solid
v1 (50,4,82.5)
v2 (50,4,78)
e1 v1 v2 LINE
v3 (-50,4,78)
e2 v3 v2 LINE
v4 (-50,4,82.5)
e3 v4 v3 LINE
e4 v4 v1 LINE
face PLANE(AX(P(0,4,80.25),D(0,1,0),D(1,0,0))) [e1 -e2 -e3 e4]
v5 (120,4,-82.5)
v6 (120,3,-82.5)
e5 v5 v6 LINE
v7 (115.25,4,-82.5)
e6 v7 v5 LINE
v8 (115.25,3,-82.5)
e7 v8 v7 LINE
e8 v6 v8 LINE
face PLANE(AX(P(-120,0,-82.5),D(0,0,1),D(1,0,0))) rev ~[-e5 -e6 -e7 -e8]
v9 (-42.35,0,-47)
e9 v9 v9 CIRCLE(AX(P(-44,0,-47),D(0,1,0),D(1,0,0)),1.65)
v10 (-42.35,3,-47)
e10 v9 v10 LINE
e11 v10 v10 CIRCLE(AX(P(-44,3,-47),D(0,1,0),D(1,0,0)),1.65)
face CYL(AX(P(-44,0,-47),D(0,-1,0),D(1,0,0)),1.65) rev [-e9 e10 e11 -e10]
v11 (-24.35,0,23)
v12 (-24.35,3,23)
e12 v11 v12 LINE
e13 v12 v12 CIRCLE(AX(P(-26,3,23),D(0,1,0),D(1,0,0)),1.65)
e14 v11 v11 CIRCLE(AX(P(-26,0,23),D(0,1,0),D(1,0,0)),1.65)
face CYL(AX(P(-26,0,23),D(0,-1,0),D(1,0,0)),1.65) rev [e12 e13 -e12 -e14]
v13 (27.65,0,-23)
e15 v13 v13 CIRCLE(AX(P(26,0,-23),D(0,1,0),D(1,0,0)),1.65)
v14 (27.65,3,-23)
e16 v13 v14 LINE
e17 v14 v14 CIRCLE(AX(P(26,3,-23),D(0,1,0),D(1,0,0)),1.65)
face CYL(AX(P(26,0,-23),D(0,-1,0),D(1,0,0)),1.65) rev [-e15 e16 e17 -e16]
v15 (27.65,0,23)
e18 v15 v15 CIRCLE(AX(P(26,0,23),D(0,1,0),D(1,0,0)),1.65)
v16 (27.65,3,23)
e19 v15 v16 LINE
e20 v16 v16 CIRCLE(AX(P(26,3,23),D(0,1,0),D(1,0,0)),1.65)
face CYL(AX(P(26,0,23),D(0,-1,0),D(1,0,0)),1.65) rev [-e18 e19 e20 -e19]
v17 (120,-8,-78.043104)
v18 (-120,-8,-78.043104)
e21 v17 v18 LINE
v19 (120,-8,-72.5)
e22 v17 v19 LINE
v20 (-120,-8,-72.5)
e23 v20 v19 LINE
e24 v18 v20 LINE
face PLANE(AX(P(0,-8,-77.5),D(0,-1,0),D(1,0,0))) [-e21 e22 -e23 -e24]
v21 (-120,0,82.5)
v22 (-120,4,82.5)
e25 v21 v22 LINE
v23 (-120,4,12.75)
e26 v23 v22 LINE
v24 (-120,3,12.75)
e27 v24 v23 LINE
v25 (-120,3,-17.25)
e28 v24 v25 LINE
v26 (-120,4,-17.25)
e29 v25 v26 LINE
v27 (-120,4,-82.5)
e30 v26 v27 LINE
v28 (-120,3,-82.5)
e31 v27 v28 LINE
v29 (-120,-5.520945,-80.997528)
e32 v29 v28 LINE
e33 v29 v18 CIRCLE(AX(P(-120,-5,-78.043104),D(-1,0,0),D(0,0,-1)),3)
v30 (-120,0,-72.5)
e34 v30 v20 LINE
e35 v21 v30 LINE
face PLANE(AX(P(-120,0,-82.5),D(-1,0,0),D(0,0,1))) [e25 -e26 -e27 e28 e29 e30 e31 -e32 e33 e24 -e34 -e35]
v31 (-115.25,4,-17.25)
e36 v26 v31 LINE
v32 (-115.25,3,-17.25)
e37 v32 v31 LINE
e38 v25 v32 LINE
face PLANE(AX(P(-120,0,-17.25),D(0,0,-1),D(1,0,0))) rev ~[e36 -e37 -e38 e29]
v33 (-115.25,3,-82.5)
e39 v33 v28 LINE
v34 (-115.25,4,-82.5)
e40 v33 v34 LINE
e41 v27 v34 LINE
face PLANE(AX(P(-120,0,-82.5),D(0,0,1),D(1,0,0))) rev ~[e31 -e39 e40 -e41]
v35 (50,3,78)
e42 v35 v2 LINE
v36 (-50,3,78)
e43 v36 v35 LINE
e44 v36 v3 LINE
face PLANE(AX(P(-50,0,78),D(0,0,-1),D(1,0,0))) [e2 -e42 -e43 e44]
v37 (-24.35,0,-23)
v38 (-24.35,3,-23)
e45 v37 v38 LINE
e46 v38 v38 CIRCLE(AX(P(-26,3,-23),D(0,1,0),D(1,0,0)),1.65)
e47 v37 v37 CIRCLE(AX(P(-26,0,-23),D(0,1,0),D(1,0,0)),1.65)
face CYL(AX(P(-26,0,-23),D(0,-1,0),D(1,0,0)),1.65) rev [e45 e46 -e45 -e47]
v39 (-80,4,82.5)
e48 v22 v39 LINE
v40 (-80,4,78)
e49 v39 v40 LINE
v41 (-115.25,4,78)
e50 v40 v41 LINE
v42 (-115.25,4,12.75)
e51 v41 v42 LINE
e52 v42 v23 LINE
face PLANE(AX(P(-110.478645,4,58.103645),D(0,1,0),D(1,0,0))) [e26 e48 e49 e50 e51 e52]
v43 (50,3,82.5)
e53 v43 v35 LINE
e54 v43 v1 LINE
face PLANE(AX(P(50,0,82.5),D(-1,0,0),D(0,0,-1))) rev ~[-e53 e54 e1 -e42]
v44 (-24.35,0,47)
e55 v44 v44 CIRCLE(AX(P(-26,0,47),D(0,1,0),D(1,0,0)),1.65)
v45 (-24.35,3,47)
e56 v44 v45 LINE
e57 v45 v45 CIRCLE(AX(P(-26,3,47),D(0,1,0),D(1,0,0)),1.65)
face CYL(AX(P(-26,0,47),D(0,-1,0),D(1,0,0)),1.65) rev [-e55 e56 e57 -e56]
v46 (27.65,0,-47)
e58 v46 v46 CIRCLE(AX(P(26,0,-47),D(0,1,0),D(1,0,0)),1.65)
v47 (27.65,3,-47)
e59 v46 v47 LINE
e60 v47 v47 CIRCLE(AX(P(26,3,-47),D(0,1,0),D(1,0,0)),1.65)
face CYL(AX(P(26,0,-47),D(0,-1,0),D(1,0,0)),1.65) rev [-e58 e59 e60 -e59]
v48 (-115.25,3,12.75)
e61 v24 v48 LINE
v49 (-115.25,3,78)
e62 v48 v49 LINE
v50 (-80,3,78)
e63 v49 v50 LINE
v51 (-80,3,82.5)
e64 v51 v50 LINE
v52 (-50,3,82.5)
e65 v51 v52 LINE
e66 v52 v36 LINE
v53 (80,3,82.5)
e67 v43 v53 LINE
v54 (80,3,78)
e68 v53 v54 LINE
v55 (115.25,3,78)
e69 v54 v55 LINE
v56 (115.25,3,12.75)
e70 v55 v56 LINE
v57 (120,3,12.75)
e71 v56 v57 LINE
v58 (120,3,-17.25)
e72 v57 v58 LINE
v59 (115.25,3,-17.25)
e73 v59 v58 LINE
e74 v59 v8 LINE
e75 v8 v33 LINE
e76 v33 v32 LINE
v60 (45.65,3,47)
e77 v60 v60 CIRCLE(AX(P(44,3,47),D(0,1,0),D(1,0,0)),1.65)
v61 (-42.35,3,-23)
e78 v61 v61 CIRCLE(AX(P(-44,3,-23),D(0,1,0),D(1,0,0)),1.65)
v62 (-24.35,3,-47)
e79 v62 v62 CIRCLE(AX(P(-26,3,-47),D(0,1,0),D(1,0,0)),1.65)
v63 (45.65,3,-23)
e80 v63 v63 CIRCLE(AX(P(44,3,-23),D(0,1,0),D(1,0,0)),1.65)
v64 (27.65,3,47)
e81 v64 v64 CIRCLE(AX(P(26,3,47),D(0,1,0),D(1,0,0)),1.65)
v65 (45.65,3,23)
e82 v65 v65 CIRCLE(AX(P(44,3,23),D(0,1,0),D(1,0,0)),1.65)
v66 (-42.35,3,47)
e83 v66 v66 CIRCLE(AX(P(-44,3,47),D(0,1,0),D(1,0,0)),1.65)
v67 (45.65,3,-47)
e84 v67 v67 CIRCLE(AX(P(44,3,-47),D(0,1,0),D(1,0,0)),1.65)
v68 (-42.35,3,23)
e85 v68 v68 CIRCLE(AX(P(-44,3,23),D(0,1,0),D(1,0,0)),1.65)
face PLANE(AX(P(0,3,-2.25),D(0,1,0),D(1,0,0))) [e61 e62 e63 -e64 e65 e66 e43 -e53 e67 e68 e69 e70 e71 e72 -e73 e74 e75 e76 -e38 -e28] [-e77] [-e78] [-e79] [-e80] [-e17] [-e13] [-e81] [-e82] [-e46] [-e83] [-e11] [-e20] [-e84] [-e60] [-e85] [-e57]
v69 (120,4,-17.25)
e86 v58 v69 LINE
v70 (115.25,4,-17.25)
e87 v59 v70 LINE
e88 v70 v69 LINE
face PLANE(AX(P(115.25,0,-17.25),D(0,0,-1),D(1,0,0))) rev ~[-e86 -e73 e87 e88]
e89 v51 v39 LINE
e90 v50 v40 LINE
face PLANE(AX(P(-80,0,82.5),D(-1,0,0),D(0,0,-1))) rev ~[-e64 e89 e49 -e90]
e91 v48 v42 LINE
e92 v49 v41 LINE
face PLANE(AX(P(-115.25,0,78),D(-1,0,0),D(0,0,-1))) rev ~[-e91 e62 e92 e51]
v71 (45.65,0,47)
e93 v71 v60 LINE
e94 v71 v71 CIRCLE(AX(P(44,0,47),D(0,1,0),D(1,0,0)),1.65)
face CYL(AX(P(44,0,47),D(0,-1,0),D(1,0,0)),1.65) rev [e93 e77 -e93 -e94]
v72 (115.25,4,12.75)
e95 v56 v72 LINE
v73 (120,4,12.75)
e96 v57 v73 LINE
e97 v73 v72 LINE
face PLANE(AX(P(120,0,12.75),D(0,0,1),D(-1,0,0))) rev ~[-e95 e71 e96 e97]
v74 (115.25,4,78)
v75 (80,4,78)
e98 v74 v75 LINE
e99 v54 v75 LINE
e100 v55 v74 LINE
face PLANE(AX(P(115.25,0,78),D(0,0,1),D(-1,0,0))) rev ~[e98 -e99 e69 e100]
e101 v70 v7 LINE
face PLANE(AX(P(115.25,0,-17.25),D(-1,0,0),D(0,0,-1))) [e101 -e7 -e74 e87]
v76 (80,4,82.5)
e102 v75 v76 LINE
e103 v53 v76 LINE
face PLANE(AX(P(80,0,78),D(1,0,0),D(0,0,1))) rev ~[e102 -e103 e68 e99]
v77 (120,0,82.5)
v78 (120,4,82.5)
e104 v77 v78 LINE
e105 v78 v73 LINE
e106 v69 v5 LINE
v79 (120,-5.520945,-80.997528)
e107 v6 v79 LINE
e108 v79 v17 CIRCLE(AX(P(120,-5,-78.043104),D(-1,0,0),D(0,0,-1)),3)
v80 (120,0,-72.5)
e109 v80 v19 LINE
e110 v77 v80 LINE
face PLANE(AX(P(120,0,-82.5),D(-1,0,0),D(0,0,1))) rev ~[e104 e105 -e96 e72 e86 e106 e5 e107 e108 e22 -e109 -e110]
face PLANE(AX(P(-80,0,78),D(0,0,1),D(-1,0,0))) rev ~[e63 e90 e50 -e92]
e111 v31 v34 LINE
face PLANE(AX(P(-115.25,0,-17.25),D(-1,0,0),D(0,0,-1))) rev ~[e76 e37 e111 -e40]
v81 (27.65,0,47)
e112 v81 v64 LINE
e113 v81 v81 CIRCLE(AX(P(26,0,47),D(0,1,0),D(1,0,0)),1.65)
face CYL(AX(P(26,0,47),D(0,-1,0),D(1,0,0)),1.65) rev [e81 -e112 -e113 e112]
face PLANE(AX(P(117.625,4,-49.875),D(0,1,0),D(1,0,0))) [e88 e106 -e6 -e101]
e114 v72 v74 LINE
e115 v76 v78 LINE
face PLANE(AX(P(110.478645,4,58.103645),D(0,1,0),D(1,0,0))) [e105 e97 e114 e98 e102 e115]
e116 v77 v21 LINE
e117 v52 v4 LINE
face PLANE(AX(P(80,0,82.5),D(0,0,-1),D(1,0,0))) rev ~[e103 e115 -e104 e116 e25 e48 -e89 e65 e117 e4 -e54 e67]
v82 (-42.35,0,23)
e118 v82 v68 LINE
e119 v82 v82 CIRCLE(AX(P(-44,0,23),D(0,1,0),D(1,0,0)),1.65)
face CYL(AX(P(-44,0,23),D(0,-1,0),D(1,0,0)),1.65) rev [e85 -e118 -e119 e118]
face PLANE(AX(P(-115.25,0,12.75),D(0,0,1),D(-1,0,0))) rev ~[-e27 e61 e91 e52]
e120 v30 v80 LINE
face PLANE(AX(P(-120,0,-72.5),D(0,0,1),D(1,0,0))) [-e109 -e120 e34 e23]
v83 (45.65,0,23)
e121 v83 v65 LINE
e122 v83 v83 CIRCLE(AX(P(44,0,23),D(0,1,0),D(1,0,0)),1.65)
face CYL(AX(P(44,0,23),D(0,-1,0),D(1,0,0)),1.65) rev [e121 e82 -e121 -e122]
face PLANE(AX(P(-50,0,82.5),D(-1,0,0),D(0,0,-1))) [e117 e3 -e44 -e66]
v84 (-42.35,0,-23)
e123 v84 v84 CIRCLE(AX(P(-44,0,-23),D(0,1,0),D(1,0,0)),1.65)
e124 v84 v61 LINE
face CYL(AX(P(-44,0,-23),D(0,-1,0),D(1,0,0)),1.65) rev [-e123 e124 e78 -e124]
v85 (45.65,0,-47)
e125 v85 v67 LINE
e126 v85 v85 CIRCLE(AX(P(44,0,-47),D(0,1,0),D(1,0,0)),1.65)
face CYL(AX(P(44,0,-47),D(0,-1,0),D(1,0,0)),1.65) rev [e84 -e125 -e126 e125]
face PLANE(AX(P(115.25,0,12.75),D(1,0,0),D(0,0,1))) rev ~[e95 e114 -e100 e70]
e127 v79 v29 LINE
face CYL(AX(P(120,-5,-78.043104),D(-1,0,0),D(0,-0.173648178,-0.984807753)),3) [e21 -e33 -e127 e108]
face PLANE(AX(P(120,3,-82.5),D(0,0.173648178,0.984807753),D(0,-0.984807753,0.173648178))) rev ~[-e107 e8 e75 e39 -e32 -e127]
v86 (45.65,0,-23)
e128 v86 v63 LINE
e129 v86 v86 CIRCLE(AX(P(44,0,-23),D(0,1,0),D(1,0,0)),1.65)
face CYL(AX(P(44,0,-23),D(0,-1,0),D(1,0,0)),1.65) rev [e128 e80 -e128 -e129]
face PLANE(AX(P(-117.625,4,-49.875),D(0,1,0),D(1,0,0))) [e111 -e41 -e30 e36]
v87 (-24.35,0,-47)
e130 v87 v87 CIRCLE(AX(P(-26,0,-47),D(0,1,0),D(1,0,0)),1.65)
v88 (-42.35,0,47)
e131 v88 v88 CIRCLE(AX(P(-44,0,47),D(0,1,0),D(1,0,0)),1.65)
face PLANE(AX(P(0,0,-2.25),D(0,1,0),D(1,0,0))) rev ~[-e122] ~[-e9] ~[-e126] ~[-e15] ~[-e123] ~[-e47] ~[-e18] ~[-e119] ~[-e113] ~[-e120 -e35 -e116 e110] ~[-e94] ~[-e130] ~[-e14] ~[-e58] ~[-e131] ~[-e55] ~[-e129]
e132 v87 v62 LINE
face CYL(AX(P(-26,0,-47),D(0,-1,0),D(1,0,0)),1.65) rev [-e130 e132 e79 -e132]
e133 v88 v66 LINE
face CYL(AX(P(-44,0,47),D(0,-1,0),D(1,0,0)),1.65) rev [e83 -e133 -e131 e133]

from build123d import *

# Parameters (mm, degrees)
BOSS_EXTRUDE3_DEPTH   = 4
SKETCH2_W             = 100
SKETCH2_H             = 4.5
BOSS_EXTRUDE3_2_DEPTH = 4
BOSS_EXTRUDE3_3_DEPTH = 4
SKETCH2_W_2           = 4.75
SKETCH2_H_2           = 65.25
BOSS_EXTRUDE3_4_DEPTH = 4
BOSS_EXTRUDE3_5_DEPTH = 4
SKETCH2_5_R           = 1.65
BOSS_EXTRUDE4_DEPTH   = 3
SKETCH3_W             = 240
SKETCH3_H             = 10
BOSS_EXTRUDE5_DEPTH   = 8
CUT_EXTRUDE1_DEPTH    = 254.909924973
FILLET2_R             = 3


with BuildPart() as part:
    # Sketch2 → Boss-Extrude3 (new body)
    with BuildSketch(Plane(origin=(0, 0, 0), x_dir=(1, 0, 0), z_dir=(0, 1, 0))):
        Polygon((115.25, -78), (80, -78), (80, -82.5), (120, -82.5), (120, -12.75), (115.25, -12.75), align=None)
    extrude(amount=BOSS_EXTRUDE3_DEPTH)



with BuildPart() as body_2:
    # Sketch2 → Boss-Extrude3 2 (new body)
    with BuildSketch(Plane(origin=(0, 0, 0), x_dir=(1, 0, 0), z_dir=(0, 1, 0))):
        with Locations((0, -80.25)):
            Rectangle(SKETCH2_W, SKETCH2_H)
    extrude(amount=BOSS_EXTRUDE3_2_DEPTH)


with BuildPart() as body_3:
    # Sketch2 → Boss-Extrude3 3 (new body)
    with BuildSketch(Plane(origin=(0, 0, 0), x_dir=(1, 0, 0), z_dir=(0, 1, 0))):
        Polygon((-80, -82.5), (-80, -78), (-115.25, -78), (-115.25, -12.75), (-120, -12.75), (-120, -82.5), align=None)
    extrude(amount=BOSS_EXTRUDE3_3_DEPTH)


with BuildPart() as body_4:
    # Sketch2 → Boss-Extrude3 4 (new body)
    with BuildSketch(Plane(origin=(0, 0, 0), x_dir=(1, 0, 0), z_dir=(0, 1, 0))):
        with Locations((117.625, 49.875)):
            Rectangle(SKETCH2_W_2, SKETCH2_H_2)
    extrude(amount=BOSS_EXTRUDE3_4_DEPTH)


with BuildPart() as body_5:
    # Sketch2 → Boss-Extrude3 5 (new body)
    with BuildSketch(Plane(origin=(0, 0, 0), x_dir=(1, 0, 0), z_dir=(0, 1, 0))):
        with Locations((-117.625, 49.875)):
            Rectangle(SKETCH2_W_2, SKETCH2_H_2)
    extrude(amount=BOSS_EXTRUDE3_5_DEPTH)


with BuildPart() as part_1:
    add(part.part)

    add(body_2.part)  # Boss-Extrude4 merges body 2

    add(body_3.part)  # Boss-Extrude4 merges body 3

    add(body_4.part)  # Boss-Extrude4 merges body 4

    add(body_5.part)  # Boss-Extrude4 merges body 5
    # Sketch2<5> → Boss-Extrude4 (add)
    with BuildSketch(Plane(origin=(0, 0, 0), x_dir=(1, 0, 0), z_dir=(0, 1, 0))):
        Polygon((80, -82.5), (80, -78), (115.25, -78), (115.25, -12.75), (120, -12.75), (120, 17.25), (115.25, 17.25), (115.25, 82.5), (-115.25, 82.5), (-115.25, 17.25), (-120, 17.25), (-120, -12.75), (-115.25, -12.75), (-115.25, -78), (-80, -78), (-80, -82.5), (-50, -82.5), (-50, -78), (50, -78), (50, -82.5), align=None)
        with Locations((44, 47)):
            Circle(SKETCH2_5_R, mode=Mode.SUBTRACT)
        with Locations((-44, -47)):
            Circle(SKETCH2_5_R, mode=Mode.SUBTRACT)
        with Locations((-26, -47)):
            Circle(SKETCH2_5_R, mode=Mode.SUBTRACT)
        with Locations((-44, -23)):
            Circle(SKETCH2_5_R, mode=Mode.SUBTRACT)
        with Locations((-26, -23)):
            Circle(SKETCH2_5_R, mode=Mode.SUBTRACT)
        with Locations((26, -47)):
            Circle(SKETCH2_5_R, mode=Mode.SUBTRACT)
        with Locations((44, -47)):
            Circle(SKETCH2_5_R, mode=Mode.SUBTRACT)
        with Locations((26, -23)):
            Circle(SKETCH2_5_R, mode=Mode.SUBTRACT)
        with Locations((44, -23)):
            Circle(SKETCH2_5_R, mode=Mode.SUBTRACT)
        with Locations((-44, 23)):
            Circle(SKETCH2_5_R, mode=Mode.SUBTRACT)
        with Locations((-26, 23)):
            Circle(SKETCH2_5_R, mode=Mode.SUBTRACT)
        with Locations((-44, 47)):
            Circle(SKETCH2_5_R, mode=Mode.SUBTRACT)
        with Locations((-26, 47)):
            Circle(SKETCH2_5_R, mode=Mode.SUBTRACT)
        with Locations((26, 23)):
            Circle(SKETCH2_5_R, mode=Mode.SUBTRACT)
        with Locations((44, 23)):
            Circle(SKETCH2_5_R, mode=Mode.SUBTRACT)
        with Locations((26, 47)):
            Circle(SKETCH2_5_R, mode=Mode.SUBTRACT)
    extrude(amount=BOSS_EXTRUDE4_DEPTH)

    # Sketch3 → Boss-Extrude5 (add)
    with BuildSketch(Plane.XZ):
        with Locations((0, -77.5)):
            Rectangle(SKETCH3_W, SKETCH3_H)
    extrude(amount=BOSS_EXTRUDE5_DEPTH)

    # Sketch4 → Cut-Extrude1 (cut, through all)
    with BuildSketch(Plane(origin=(120, 0, 0), x_dir=(0, 0, -1), z_dir=(1, 0, 0))):
        Polygon((82.5, 3), (80.560403212, -8), (82.5, -8), align=None)
    extrude(amount=-CUT_EXTRUDE1_DEPTH, mode=Mode.SUBTRACT)

    # Fillet2
    fillet2_edges = [part_1.edges().sort_by_distance(p)[0] for p in [
        (0, -8, -80.560403212),
    ]]
    fillet(fillet2_edges, radius=FILLET2_R)


solid = part_1.part
